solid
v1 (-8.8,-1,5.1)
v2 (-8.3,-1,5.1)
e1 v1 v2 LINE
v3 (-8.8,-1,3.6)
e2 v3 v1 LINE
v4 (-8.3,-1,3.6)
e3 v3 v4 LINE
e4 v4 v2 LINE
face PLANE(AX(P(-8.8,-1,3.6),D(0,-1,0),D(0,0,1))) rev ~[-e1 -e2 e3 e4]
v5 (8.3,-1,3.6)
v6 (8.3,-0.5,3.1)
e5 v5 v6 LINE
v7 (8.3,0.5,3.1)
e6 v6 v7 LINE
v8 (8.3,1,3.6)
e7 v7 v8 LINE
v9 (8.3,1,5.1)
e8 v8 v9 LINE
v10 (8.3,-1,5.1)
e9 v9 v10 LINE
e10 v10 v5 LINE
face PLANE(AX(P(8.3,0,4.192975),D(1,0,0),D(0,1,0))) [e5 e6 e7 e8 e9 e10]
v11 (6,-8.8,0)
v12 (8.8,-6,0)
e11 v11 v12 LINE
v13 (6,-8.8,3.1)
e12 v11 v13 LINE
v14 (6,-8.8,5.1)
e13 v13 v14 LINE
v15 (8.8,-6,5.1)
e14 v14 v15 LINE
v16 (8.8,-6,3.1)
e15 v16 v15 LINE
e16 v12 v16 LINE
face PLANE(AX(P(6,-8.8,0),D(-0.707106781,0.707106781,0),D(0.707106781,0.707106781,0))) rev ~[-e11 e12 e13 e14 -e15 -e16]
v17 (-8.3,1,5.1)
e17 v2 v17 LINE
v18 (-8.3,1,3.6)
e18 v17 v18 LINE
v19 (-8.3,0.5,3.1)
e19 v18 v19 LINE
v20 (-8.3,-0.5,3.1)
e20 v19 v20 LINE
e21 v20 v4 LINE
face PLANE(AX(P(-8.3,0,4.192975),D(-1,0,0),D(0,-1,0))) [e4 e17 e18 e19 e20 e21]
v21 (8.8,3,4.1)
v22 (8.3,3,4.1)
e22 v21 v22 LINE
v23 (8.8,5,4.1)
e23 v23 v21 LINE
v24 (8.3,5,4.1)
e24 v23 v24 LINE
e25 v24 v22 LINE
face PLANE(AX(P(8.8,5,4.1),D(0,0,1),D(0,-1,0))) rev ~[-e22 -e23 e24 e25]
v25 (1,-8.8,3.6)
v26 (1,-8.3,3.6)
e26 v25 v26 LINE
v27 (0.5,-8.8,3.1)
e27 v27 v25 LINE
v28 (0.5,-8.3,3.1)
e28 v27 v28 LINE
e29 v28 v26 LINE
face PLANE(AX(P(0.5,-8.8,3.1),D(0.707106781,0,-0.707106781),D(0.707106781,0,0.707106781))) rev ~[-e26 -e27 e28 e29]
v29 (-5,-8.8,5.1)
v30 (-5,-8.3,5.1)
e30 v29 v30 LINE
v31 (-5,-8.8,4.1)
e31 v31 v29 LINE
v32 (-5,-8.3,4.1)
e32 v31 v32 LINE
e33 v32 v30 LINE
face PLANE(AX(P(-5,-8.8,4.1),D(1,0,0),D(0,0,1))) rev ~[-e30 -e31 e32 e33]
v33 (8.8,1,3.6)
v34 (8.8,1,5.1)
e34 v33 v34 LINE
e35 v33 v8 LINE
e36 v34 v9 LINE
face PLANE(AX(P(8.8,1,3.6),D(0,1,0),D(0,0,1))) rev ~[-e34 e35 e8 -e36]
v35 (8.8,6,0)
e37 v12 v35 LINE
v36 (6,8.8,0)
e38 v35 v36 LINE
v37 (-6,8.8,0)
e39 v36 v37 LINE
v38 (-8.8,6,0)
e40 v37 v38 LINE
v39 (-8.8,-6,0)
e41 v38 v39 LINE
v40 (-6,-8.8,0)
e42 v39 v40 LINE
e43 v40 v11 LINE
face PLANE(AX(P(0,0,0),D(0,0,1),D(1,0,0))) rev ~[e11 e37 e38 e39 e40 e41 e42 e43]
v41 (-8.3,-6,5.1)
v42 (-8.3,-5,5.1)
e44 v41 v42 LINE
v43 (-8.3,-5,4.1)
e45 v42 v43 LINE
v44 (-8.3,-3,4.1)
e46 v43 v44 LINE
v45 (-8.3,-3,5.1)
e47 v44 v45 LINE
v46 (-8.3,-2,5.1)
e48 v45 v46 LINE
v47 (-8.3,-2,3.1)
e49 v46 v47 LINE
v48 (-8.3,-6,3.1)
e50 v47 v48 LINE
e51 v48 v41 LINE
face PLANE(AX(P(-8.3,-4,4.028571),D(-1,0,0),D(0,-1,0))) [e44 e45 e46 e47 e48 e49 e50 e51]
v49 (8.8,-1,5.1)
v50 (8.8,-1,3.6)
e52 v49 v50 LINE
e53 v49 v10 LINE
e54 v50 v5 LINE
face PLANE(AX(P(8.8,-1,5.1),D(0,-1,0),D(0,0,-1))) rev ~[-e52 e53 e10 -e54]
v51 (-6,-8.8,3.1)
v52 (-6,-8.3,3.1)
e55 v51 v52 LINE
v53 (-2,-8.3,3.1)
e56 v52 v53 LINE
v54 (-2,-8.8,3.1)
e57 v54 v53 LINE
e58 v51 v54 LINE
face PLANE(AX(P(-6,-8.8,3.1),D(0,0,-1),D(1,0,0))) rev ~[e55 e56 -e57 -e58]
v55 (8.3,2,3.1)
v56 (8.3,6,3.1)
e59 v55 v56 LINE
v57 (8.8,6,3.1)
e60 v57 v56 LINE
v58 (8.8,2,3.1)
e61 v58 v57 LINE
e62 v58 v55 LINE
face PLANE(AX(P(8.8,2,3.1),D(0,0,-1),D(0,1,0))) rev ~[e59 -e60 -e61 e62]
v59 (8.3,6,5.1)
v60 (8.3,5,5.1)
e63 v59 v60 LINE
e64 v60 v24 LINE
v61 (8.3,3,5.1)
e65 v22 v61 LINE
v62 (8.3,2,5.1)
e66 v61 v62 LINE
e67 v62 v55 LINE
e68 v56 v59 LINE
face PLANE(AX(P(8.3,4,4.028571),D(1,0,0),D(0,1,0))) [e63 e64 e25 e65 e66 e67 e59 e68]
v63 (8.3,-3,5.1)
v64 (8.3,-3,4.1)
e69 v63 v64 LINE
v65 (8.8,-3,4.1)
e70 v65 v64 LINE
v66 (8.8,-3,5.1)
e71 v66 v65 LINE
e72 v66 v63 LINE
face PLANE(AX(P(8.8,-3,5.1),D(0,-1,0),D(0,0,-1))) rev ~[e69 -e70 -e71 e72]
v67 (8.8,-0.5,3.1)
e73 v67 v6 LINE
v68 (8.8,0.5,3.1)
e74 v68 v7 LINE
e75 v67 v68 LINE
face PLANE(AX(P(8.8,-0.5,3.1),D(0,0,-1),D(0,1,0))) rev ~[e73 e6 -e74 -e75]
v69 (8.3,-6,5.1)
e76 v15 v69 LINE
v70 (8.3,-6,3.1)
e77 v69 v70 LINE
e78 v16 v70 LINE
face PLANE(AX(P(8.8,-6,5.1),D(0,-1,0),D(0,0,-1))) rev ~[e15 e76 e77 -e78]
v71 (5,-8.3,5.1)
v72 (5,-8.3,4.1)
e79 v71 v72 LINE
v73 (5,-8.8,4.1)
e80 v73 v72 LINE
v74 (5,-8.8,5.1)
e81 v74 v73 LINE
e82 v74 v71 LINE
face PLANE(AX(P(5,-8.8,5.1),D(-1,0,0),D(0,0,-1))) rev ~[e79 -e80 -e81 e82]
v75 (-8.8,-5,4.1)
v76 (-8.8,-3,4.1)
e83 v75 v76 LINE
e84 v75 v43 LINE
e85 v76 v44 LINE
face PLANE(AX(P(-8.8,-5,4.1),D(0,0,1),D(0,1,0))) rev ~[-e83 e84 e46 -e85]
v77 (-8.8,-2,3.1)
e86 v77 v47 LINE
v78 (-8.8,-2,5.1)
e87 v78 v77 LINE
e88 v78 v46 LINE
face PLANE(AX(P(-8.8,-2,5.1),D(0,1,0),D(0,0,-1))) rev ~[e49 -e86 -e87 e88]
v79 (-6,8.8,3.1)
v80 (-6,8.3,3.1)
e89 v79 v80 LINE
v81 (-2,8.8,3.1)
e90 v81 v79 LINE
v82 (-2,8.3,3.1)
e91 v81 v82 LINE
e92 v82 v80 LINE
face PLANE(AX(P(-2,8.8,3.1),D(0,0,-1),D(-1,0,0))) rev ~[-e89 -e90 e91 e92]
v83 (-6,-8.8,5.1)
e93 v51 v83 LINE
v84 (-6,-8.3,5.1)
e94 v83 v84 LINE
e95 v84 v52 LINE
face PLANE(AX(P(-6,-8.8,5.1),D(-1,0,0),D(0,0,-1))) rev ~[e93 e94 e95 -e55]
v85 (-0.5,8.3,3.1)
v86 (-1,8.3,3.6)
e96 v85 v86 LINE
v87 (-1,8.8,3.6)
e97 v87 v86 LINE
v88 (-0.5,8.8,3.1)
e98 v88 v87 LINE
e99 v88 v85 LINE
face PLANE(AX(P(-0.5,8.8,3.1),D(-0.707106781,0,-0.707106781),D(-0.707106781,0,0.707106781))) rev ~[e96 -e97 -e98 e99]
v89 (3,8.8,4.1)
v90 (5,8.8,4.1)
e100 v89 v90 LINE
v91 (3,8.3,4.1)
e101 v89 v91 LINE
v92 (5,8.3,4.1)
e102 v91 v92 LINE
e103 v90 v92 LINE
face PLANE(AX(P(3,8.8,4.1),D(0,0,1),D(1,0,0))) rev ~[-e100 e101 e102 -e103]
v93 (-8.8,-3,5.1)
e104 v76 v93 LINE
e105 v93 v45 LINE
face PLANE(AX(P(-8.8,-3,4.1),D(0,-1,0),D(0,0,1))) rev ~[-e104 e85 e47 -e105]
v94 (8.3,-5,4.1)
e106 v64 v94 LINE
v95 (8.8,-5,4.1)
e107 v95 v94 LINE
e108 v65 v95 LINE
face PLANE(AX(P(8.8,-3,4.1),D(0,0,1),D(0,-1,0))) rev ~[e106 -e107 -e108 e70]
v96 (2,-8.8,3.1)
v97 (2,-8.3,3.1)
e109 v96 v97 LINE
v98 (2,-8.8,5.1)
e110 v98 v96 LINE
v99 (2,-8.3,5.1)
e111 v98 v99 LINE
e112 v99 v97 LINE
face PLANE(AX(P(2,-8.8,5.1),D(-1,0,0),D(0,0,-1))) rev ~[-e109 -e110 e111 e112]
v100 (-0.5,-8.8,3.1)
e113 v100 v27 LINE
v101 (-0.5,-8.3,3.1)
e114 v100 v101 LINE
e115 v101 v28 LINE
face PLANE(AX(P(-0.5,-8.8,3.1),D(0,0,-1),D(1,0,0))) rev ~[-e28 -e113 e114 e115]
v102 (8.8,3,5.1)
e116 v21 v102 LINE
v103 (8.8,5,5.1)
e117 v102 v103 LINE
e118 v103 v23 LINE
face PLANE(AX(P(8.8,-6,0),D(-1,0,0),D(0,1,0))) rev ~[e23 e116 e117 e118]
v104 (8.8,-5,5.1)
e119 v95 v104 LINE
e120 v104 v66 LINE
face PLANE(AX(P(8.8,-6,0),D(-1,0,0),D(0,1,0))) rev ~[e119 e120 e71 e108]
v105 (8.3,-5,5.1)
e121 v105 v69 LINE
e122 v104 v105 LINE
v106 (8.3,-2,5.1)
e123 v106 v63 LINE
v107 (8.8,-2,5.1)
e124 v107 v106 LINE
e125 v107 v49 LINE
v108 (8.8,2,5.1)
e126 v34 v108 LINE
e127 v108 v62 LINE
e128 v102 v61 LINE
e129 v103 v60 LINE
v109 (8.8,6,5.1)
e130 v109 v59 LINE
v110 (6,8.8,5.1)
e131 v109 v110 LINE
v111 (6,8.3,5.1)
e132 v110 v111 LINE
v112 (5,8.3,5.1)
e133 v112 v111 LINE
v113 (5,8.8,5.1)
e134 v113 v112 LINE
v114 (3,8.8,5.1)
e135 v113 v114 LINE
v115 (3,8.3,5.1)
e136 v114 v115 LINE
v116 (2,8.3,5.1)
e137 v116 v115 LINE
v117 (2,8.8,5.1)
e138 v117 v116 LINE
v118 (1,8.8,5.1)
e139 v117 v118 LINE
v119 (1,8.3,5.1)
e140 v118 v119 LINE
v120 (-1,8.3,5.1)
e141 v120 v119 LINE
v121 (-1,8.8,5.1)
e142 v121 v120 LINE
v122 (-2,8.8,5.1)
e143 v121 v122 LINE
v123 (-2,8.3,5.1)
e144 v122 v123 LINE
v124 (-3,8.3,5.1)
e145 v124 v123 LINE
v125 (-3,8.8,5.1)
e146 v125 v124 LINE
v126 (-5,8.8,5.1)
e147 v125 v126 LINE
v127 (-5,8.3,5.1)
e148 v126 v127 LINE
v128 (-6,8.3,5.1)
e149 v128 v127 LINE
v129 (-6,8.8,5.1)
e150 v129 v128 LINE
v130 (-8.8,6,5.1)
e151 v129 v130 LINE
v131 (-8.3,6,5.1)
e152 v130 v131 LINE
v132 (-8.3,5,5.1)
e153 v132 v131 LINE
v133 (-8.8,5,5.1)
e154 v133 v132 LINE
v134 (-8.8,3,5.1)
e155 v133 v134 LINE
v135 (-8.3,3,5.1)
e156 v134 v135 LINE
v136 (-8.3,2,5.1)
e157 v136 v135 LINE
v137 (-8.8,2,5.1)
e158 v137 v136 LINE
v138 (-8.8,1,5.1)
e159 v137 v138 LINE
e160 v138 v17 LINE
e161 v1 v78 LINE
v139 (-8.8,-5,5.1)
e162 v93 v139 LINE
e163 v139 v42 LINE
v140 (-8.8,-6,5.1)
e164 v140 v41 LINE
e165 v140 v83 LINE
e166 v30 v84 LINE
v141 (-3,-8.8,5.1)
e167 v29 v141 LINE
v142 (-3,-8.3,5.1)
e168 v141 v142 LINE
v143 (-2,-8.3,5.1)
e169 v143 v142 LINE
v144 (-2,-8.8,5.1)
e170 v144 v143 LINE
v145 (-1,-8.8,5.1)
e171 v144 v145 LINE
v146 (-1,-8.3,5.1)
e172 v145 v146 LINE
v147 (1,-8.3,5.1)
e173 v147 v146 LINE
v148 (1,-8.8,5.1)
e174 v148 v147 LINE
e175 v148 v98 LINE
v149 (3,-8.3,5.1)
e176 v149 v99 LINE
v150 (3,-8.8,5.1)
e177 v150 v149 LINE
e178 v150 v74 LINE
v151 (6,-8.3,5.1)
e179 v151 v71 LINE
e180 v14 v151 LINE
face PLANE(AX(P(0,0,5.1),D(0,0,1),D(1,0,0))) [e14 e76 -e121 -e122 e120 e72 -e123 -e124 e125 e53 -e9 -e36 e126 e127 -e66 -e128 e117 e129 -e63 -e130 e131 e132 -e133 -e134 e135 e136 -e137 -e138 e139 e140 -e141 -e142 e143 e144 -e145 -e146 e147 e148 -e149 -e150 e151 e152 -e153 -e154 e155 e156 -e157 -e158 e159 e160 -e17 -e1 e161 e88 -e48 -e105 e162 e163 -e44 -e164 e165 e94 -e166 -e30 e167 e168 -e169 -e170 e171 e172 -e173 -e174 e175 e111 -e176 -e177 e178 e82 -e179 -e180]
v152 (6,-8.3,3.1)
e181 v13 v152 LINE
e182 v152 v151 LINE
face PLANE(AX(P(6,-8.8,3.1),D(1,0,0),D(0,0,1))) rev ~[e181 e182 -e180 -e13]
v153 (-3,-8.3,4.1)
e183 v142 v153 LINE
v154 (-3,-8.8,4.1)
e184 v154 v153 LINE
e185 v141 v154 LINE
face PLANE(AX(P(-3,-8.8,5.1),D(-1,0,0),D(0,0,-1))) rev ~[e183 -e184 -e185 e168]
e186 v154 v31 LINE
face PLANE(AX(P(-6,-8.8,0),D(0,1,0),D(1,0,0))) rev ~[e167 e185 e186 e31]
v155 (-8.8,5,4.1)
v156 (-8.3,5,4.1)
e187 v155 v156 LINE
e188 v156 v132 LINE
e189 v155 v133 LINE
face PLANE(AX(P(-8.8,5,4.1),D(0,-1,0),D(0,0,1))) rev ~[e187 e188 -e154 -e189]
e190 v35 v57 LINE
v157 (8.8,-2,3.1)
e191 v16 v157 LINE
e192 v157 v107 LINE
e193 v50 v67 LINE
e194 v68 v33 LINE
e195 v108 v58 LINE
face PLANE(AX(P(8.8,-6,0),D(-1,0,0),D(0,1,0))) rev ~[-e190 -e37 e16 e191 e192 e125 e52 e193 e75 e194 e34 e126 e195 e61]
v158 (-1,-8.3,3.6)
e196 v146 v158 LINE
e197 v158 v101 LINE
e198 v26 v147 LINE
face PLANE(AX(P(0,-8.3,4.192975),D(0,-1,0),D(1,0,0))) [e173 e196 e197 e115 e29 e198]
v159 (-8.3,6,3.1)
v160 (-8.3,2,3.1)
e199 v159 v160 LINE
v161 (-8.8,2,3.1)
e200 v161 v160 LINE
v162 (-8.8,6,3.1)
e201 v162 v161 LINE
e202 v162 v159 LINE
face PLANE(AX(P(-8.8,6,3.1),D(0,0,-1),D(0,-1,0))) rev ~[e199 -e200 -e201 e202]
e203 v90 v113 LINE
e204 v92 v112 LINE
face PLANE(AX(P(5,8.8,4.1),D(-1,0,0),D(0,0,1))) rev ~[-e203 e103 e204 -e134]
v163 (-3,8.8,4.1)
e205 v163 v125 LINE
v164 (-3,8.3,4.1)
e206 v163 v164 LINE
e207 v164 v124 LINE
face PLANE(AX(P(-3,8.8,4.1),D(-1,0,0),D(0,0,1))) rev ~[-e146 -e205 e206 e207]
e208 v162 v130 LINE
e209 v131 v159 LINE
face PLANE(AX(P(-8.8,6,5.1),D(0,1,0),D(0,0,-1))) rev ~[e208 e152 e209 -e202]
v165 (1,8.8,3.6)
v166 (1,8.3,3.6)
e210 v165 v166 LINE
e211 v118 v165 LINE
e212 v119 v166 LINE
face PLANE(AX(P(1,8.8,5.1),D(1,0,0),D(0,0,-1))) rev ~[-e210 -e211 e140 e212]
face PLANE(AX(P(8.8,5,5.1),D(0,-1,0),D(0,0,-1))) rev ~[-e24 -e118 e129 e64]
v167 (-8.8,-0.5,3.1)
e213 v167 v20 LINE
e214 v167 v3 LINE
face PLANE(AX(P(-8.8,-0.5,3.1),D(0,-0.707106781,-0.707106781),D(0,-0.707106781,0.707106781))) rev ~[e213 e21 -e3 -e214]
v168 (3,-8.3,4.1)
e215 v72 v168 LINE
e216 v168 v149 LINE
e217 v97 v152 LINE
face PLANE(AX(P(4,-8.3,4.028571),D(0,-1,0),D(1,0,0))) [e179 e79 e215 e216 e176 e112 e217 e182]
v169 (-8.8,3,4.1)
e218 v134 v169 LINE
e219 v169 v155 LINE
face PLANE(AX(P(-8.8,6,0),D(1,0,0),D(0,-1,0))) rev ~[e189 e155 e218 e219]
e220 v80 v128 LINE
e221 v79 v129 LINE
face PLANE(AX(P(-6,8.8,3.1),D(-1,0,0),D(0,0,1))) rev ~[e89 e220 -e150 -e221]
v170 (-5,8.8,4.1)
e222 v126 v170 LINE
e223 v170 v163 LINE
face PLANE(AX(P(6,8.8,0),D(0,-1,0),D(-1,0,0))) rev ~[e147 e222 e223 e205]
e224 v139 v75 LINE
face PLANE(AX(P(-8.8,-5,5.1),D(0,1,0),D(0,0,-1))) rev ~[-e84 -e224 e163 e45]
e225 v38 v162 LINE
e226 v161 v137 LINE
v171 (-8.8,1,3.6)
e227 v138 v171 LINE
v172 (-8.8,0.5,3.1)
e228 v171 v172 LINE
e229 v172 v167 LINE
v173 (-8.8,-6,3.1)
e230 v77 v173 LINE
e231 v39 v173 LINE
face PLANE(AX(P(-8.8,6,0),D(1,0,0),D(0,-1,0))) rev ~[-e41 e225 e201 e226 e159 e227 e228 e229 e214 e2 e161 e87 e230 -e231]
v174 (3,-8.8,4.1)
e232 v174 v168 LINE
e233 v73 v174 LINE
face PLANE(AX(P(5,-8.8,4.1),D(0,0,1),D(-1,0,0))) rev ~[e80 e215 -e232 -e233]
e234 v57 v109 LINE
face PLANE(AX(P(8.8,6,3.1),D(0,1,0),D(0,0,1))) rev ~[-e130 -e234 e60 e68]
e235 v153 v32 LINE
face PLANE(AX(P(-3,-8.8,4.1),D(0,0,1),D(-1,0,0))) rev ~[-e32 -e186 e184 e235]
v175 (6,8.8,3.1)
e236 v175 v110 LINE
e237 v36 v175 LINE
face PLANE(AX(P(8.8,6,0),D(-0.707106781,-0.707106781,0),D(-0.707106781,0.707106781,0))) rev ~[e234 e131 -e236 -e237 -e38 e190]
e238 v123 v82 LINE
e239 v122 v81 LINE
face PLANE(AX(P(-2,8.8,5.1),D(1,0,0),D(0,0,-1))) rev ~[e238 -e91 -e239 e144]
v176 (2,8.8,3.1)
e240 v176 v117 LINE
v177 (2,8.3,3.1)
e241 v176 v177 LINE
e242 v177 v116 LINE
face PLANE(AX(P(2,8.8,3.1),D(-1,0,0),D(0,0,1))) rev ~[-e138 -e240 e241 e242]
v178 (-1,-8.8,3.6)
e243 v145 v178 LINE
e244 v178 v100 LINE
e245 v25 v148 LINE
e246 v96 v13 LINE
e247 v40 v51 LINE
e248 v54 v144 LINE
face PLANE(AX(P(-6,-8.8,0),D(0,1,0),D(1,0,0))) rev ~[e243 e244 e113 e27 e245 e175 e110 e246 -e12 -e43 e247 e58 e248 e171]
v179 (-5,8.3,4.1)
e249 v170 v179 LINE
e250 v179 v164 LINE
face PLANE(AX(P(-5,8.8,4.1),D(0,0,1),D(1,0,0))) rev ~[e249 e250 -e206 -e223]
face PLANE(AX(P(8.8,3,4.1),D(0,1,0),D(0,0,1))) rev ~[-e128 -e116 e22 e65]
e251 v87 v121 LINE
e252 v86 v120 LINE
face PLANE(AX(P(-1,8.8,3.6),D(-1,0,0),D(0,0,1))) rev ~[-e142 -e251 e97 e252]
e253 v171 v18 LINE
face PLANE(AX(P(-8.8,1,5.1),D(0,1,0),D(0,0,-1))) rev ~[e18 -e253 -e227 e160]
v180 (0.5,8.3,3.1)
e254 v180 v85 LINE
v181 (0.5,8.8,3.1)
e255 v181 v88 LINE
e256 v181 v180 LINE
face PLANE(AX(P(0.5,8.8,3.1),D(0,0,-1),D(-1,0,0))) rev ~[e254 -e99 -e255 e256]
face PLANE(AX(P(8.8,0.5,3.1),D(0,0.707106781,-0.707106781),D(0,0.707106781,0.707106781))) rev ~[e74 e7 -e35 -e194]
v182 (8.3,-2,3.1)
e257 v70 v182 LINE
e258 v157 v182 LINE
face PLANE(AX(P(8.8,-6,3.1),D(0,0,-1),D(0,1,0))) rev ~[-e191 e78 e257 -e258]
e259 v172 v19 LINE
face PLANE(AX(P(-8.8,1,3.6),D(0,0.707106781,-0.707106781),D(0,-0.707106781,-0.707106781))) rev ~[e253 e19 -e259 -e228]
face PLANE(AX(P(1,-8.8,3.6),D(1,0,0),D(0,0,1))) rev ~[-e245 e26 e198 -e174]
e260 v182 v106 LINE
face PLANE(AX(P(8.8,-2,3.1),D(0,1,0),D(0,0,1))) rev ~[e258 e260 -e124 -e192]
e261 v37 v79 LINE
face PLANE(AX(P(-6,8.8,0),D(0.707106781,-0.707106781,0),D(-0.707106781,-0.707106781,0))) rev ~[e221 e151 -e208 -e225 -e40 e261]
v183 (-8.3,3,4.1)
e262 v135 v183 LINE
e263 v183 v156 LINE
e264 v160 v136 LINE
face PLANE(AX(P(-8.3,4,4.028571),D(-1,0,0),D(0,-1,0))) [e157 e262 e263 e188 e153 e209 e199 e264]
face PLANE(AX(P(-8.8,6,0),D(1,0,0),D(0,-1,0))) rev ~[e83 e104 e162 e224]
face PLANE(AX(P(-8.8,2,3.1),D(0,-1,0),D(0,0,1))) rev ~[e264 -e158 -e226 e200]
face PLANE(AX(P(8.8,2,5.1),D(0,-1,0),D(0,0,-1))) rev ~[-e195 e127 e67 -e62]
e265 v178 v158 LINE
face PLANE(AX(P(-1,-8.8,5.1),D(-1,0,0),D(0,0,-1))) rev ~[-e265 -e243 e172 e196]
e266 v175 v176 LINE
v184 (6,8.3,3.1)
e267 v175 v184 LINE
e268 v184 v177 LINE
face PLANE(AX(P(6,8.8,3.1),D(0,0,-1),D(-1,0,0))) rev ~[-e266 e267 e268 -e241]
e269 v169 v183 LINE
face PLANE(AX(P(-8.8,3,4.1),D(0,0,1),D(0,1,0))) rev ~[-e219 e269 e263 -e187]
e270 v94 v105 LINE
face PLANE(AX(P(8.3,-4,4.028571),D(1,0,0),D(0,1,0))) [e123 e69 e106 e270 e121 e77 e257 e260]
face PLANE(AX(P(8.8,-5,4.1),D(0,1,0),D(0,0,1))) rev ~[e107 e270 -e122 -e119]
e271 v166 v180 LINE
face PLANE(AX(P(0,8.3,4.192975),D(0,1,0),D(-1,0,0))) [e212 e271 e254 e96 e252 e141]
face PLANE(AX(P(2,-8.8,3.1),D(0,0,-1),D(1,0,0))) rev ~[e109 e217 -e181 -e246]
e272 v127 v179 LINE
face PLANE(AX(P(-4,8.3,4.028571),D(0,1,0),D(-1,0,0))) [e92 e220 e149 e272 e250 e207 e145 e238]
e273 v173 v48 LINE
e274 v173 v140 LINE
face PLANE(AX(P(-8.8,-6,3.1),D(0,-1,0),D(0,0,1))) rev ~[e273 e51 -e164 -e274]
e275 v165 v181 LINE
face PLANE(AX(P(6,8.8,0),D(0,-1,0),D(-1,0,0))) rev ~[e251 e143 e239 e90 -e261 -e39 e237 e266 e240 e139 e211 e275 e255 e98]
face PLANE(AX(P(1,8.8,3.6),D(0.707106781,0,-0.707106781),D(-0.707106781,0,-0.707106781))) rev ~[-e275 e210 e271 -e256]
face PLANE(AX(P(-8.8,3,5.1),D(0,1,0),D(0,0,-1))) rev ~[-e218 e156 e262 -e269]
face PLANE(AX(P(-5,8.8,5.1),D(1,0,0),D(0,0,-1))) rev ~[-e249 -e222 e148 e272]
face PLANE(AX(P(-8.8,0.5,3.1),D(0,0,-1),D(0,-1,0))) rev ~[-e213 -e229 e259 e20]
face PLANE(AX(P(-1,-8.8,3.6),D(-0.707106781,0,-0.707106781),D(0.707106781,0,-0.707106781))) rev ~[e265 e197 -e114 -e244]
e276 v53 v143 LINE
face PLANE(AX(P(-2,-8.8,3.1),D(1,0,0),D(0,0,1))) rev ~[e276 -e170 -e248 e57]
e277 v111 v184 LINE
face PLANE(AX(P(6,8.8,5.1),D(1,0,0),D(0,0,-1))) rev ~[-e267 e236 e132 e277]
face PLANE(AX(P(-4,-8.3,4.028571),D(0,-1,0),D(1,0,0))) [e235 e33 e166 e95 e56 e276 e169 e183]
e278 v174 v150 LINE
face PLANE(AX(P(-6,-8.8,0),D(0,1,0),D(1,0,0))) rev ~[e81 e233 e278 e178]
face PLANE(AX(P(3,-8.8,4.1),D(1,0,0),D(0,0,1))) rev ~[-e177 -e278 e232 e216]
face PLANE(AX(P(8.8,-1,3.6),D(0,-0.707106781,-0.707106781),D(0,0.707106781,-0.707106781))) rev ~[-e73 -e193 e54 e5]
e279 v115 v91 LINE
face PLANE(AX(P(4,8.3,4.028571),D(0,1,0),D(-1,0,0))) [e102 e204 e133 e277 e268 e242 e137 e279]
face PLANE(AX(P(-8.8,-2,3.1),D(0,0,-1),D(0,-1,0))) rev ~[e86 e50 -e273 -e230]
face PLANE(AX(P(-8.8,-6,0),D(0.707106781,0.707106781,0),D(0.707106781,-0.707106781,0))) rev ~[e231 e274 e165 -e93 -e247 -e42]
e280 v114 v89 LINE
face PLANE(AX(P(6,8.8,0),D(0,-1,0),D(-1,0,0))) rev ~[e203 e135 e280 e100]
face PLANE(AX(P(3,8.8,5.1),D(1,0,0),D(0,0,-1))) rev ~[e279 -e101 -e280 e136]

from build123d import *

# Parameters (mm, degrees)
PAD_DEPTH          = 5.1
POCKET_DEPTH       = 0.5
POLARPATTERN_COUNT = 4


with BuildPart() as part:
    # Sketch → Pad (new body)
    with BuildSketch(Plane.XY):
        Polygon((8.8, -6), (8.8, 6), (6, 8.8), (-6, 8.8), (-8.8, 6), (-8.8, -6), (-6, -8.8), (6, -8.8), align=None)
    extrude(amount=PAD_DEPTH)

    # Sketch002 (on Face7 of Pad) → Pocket (cut)
    with BuildSketch(Plane.XZ.offset(8.8)):
        Polygon((-3, 5.1), (-3, 4.1), (-5, 4.1), (-5, 5.1), (-6, 5.1), (-6, 3.1), (-2, 3.1), (-2, 5.1), align=None)
        Polygon((-1, 5.1), (-1, 3.6), (-0.5, 3.1), (0.5, 3.1), (1, 3.6), (1, 5.1), align=None)
        Polygon((2, 5.1), (2, 3.1), (6, 3.1), (6, 5.1), (5, 5.1), (5, 4.1), (3, 4.1), (3, 5.1), align=None)
    pocket = extrude(amount=-POCKET_DEPTH, mode=Mode.SUBTRACT)

    # PolarPattern: Pocket ×4 about axis
    polarpattern_axis = Axis((0, 0, 0), (0, 0, 1))
    for i in range(1, POLARPATTERN_COUNT):
        add(pocket.rotate(polarpattern_axis, i * 360 / POLARPATTERN_COUNT), mode=Mode.SUBTRACT)


solid = part.part
